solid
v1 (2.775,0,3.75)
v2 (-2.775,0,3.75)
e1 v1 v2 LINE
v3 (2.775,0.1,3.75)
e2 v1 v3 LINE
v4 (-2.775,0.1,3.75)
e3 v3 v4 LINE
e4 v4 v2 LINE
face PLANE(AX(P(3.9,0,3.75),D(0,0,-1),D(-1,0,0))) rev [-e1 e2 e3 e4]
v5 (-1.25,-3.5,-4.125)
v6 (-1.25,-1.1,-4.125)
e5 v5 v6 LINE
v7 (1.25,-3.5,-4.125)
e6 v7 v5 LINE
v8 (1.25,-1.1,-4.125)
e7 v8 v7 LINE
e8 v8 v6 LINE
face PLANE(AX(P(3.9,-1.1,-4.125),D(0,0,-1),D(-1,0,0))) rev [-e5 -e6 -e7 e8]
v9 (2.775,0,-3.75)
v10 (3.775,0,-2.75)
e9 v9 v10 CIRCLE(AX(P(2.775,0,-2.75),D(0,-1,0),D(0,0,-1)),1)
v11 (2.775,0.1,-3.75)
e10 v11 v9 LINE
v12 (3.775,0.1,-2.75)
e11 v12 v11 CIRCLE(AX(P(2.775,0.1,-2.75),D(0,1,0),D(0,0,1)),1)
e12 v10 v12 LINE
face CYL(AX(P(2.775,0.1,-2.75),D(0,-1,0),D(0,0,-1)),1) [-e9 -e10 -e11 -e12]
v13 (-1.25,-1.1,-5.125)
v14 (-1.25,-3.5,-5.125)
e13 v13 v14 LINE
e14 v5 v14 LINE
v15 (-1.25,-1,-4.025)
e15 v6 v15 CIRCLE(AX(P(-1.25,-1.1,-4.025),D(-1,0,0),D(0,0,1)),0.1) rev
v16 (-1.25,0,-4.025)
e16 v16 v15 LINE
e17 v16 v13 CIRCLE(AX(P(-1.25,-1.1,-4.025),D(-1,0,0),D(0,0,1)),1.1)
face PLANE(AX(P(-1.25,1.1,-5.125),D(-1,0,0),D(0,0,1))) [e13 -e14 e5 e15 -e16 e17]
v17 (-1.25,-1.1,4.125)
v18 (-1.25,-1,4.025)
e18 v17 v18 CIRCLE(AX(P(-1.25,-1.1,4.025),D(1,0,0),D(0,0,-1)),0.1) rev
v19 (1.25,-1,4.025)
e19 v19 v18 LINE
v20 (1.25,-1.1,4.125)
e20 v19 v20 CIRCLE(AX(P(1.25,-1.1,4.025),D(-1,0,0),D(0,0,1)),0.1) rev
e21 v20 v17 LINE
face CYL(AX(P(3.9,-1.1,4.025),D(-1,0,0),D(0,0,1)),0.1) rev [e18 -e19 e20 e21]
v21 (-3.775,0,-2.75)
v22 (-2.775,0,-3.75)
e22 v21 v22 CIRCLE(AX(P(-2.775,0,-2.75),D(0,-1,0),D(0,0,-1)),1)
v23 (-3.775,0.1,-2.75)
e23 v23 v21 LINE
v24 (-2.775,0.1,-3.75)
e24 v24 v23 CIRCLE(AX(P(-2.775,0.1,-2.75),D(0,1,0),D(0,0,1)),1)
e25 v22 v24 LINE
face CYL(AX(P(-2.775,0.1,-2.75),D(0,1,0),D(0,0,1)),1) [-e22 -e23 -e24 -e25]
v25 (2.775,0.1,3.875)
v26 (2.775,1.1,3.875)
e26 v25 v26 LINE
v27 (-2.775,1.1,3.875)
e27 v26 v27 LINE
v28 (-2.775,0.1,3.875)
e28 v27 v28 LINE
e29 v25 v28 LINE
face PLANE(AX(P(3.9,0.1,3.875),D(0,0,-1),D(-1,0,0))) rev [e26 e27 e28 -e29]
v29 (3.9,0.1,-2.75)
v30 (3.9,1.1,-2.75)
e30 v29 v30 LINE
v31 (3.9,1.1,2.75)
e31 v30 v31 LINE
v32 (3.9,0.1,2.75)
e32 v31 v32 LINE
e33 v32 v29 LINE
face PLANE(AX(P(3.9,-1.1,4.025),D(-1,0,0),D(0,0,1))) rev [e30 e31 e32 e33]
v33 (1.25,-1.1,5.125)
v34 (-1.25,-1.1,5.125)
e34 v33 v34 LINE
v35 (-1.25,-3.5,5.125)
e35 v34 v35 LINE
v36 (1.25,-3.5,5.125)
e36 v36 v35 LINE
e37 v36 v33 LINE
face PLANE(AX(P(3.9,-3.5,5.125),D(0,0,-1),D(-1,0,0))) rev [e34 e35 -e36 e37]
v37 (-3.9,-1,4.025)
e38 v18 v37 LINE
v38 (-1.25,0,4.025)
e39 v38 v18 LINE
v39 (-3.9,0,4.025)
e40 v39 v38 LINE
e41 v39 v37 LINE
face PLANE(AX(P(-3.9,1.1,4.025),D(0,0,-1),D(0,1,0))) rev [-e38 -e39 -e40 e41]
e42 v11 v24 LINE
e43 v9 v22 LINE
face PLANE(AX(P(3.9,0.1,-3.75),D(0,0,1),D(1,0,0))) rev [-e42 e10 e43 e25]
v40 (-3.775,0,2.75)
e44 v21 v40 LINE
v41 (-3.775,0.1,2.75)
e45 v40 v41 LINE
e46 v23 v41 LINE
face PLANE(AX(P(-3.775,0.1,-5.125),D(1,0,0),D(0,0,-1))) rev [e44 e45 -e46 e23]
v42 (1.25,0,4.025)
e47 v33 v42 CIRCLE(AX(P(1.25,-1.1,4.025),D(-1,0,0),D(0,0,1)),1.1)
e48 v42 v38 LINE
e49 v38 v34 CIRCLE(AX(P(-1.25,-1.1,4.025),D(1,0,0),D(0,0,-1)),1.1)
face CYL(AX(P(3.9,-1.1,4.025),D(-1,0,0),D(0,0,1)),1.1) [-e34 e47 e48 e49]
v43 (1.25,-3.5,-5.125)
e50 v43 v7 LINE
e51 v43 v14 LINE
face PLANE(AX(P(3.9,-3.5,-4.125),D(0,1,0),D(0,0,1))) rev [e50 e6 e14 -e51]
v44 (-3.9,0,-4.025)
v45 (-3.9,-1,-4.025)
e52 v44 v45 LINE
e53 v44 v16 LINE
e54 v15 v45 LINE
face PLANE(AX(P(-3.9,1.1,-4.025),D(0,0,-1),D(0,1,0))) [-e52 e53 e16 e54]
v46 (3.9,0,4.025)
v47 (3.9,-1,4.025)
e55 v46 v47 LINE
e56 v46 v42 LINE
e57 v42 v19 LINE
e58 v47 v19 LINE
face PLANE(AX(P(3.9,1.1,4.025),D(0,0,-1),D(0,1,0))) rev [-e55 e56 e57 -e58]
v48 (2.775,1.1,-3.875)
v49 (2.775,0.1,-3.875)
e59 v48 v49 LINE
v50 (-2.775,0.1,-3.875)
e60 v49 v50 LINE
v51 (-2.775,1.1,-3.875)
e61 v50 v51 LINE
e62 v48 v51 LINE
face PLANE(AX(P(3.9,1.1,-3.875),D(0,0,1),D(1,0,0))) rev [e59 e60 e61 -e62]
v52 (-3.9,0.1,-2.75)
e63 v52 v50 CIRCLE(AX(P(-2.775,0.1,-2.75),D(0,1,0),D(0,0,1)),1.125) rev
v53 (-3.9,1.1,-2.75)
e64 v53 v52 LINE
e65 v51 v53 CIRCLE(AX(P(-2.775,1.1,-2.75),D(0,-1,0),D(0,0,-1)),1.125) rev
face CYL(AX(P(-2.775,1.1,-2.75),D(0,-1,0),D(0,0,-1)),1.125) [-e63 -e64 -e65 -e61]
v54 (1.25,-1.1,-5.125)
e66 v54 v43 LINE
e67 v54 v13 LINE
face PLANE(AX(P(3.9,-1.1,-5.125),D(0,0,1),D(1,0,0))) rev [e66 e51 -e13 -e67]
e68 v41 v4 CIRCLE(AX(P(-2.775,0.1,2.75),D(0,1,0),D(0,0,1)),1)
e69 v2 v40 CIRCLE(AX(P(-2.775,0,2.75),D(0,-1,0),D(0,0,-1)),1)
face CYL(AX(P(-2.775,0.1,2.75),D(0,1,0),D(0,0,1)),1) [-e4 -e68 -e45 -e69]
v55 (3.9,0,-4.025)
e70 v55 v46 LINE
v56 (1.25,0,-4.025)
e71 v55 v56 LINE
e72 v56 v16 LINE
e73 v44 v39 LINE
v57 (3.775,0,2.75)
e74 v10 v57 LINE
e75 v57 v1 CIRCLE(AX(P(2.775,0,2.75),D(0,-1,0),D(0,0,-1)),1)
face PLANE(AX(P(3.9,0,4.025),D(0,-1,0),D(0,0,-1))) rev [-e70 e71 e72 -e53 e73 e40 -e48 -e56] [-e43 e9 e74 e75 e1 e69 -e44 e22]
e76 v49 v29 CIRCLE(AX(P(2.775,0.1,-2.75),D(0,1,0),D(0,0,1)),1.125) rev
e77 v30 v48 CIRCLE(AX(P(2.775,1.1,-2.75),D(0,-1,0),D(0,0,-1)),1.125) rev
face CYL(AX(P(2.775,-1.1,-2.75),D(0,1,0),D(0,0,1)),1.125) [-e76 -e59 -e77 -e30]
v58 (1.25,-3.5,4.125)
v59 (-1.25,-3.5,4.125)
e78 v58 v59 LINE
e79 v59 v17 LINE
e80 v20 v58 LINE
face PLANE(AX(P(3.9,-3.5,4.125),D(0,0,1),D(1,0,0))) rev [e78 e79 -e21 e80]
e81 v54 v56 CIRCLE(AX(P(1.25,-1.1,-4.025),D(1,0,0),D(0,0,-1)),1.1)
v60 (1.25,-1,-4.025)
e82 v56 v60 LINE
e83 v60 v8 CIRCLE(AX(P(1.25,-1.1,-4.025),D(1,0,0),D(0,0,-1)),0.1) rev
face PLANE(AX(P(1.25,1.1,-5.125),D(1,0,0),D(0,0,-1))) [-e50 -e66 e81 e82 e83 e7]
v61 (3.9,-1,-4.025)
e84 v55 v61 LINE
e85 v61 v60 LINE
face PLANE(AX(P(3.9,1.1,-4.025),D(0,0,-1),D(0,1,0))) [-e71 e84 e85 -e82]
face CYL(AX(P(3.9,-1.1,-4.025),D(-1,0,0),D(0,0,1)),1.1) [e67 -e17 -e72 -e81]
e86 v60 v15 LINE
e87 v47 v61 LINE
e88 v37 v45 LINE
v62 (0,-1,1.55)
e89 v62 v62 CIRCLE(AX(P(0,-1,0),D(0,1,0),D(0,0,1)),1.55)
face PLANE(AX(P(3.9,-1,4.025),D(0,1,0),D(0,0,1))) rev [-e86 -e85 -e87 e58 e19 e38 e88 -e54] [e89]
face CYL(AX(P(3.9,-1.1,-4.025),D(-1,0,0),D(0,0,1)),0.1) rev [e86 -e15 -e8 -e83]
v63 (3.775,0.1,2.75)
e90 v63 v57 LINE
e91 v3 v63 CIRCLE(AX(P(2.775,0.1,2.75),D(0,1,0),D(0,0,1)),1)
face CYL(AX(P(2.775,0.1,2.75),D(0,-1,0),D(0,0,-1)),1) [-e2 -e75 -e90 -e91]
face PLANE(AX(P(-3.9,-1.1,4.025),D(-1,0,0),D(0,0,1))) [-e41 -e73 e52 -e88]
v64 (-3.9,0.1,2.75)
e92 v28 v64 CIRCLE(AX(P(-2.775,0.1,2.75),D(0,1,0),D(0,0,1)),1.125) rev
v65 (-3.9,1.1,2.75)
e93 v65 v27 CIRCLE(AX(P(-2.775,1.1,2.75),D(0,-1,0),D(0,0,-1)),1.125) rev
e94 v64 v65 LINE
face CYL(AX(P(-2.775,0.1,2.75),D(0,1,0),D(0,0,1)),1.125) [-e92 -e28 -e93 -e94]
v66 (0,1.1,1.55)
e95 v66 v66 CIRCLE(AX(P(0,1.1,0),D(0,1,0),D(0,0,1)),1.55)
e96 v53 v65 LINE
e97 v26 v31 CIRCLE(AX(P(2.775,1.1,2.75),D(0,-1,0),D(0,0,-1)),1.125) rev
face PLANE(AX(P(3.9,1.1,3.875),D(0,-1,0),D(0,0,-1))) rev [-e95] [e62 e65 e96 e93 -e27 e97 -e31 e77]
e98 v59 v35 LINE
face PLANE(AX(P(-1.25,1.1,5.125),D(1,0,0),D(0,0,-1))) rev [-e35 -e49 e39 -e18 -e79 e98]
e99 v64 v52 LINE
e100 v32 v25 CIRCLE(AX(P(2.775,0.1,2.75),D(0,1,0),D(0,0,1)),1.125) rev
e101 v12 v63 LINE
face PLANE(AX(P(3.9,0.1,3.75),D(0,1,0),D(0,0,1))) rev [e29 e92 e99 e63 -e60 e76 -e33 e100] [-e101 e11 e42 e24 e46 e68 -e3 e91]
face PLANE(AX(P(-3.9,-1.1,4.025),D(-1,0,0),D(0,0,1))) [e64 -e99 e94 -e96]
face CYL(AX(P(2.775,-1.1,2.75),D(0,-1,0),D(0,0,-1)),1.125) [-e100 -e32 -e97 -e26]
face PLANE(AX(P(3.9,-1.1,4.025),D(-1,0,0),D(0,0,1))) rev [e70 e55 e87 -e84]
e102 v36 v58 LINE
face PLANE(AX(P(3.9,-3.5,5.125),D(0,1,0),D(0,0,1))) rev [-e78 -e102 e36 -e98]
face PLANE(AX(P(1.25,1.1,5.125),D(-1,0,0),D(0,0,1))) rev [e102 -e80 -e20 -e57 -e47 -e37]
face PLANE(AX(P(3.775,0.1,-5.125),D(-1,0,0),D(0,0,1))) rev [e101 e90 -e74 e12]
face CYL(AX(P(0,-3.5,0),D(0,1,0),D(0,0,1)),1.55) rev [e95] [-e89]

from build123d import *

# Parameters (mm, degrees)
BOSS_EXTRUDE1_DEPTH = 3.9
SKETCH2_W           = 0.125
SKETCH2_H           = 0.1
CUT_EXTRUDE1_DEPTH  = 11.306581635
FILLET1_R           = 1
FILLET2_R           = 1.125
SKETCH3_W           = 2.65
SKETCH3_H           = 1.1
CUT_EXTRUDE2_DEPTH  = 8.91426718
SKETCH4_R           = 1.55
CUT_EXTRUDE3_DEPTH  = 8.91426718


with BuildPart() as part:
    # Sketch1 → Boss-Extrude1 (new, symmetric)
    with BuildSketch(Plane(origin=(0, 0, 0), x_dir=(0, 0, -1), z_dir=(1, 0, 0))):
        with BuildLine():
            Line((-5.125, -3.5), (-5.125, -1.1))
            ThreePointArc((-5.125, -1.1), (-4.802817459, -0.322182541), (-4.025, 0))
            Line((-4.025, 0), (-3.75, 0))
            Line((-3.75, 0), (-3.75, 0.1))
            Line((-3.75, 0.1), (-3.875, 0.1))
            Line((-3.875, 0.1), (-3.875, 1.1))
            Line((-3.875, 1.1), (3.875, 1.1))
            Line((3.875, 1.1), (3.875, 0.1))
            Line((3.875, 0.1), (3.75, 0.1))
            Line((3.75, 0.1), (3.75, 0))
            Line((3.75, 0), (4.025, 0))
            ThreePointArc((4.025, 0), (4.802817459, -0.322182541), (5.125, -1.1))
            Line((5.125, -1.1), (5.125, -3.5))
            Line((5.125, -3.5), (4.125, -3.5))
            Line((4.125, -3.5), (4.125, -1.1))
            ThreePointArc((4.125, -1.1), (4.095710678, -1.029289322), (4.025, -1))
            Line((4.025, -1), (-4.025, -1))
            ThreePointArc((-4.025, -1), (-4.095710678, -1.029289322), (-4.125, -1.1))
            Line((-4.125, -1.1), (-4.125, -3.5))
            Line((-4.125, -3.5), (-5.125, -3.5))
        make_face()
    extrude(amount=BOSS_EXTRUDE1_DEPTH, both=True)

    # Sketch2 → Cut-Extrude1 (cut, through all)
    with BuildSketch(Plane.XY.offset(3.75)):
        with Locations((3.8375, 0.05)):
            Rectangle(SKETCH2_W, SKETCH2_H)
        with Locations((-3.8375, 0.05)):
            Rectangle(SKETCH2_W, SKETCH2_H)
    extrude(amount=-CUT_EXTRUDE1_DEPTH, mode=Mode.SUBTRACT)

    # Fillet1
    fillet1_edges = [part.edges().sort_by_distance(p)[0] for p in [
        (3.775, 0.05, -3.75),
        (3.775, 0.05, 3.75),
        (-3.775, 0.05, -3.75),
        (-3.775, 0.05, 3.75),
    ]]
    fillet(fillet1_edges, radius=FILLET1_R)

    # Fillet2
    fillet2_edges = [part.edges().sort_by_distance(p)[0] for p in [
        (-3.9, 0.6, 3.875),
        (-3.9, 0.6, -3.875),
        (3.9, 0.6, -3.875),
        (3.9, 0.6, 3.875),
    ]]
    fillet(fillet2_edges, radius=FILLET2_R)

    # Sketch3 → Cut-Extrude2 (cut, through all)
    with BuildSketch(Plane.XZ.offset(3.5)):
        with Locations((2.575, 4.575)):
            Rectangle(SKETCH3_W, SKETCH3_H)
        with Locations((-2.575, 4.575)):
            Rectangle(SKETCH3_W, SKETCH3_H)
    cut_extrude2 = extrude(amount=-CUT_EXTRUDE2_DEPTH, mode=Mode.SUBTRACT)

    # Mirror1: Cut-Extrude2 across plane
    add(cut_extrude2.mirror(Plane.XY), mode=Mode.SUBTRACT)

    # Sketch4 → Cut-Extrude3 (cut, through all)
    with BuildSketch(Plane(origin=(0, 1.1, 0), x_dir=(1, 0, 0), z_dir=(0, 1, 0))):
        with Locations(Location((0, 0, 0), (0, 0, 270))):
            Circle(SKETCH4_R)
    extrude(amount=-CUT_EXTRUDE3_DEPTH, mode=Mode.SUBTRACT)


solid = part.part
